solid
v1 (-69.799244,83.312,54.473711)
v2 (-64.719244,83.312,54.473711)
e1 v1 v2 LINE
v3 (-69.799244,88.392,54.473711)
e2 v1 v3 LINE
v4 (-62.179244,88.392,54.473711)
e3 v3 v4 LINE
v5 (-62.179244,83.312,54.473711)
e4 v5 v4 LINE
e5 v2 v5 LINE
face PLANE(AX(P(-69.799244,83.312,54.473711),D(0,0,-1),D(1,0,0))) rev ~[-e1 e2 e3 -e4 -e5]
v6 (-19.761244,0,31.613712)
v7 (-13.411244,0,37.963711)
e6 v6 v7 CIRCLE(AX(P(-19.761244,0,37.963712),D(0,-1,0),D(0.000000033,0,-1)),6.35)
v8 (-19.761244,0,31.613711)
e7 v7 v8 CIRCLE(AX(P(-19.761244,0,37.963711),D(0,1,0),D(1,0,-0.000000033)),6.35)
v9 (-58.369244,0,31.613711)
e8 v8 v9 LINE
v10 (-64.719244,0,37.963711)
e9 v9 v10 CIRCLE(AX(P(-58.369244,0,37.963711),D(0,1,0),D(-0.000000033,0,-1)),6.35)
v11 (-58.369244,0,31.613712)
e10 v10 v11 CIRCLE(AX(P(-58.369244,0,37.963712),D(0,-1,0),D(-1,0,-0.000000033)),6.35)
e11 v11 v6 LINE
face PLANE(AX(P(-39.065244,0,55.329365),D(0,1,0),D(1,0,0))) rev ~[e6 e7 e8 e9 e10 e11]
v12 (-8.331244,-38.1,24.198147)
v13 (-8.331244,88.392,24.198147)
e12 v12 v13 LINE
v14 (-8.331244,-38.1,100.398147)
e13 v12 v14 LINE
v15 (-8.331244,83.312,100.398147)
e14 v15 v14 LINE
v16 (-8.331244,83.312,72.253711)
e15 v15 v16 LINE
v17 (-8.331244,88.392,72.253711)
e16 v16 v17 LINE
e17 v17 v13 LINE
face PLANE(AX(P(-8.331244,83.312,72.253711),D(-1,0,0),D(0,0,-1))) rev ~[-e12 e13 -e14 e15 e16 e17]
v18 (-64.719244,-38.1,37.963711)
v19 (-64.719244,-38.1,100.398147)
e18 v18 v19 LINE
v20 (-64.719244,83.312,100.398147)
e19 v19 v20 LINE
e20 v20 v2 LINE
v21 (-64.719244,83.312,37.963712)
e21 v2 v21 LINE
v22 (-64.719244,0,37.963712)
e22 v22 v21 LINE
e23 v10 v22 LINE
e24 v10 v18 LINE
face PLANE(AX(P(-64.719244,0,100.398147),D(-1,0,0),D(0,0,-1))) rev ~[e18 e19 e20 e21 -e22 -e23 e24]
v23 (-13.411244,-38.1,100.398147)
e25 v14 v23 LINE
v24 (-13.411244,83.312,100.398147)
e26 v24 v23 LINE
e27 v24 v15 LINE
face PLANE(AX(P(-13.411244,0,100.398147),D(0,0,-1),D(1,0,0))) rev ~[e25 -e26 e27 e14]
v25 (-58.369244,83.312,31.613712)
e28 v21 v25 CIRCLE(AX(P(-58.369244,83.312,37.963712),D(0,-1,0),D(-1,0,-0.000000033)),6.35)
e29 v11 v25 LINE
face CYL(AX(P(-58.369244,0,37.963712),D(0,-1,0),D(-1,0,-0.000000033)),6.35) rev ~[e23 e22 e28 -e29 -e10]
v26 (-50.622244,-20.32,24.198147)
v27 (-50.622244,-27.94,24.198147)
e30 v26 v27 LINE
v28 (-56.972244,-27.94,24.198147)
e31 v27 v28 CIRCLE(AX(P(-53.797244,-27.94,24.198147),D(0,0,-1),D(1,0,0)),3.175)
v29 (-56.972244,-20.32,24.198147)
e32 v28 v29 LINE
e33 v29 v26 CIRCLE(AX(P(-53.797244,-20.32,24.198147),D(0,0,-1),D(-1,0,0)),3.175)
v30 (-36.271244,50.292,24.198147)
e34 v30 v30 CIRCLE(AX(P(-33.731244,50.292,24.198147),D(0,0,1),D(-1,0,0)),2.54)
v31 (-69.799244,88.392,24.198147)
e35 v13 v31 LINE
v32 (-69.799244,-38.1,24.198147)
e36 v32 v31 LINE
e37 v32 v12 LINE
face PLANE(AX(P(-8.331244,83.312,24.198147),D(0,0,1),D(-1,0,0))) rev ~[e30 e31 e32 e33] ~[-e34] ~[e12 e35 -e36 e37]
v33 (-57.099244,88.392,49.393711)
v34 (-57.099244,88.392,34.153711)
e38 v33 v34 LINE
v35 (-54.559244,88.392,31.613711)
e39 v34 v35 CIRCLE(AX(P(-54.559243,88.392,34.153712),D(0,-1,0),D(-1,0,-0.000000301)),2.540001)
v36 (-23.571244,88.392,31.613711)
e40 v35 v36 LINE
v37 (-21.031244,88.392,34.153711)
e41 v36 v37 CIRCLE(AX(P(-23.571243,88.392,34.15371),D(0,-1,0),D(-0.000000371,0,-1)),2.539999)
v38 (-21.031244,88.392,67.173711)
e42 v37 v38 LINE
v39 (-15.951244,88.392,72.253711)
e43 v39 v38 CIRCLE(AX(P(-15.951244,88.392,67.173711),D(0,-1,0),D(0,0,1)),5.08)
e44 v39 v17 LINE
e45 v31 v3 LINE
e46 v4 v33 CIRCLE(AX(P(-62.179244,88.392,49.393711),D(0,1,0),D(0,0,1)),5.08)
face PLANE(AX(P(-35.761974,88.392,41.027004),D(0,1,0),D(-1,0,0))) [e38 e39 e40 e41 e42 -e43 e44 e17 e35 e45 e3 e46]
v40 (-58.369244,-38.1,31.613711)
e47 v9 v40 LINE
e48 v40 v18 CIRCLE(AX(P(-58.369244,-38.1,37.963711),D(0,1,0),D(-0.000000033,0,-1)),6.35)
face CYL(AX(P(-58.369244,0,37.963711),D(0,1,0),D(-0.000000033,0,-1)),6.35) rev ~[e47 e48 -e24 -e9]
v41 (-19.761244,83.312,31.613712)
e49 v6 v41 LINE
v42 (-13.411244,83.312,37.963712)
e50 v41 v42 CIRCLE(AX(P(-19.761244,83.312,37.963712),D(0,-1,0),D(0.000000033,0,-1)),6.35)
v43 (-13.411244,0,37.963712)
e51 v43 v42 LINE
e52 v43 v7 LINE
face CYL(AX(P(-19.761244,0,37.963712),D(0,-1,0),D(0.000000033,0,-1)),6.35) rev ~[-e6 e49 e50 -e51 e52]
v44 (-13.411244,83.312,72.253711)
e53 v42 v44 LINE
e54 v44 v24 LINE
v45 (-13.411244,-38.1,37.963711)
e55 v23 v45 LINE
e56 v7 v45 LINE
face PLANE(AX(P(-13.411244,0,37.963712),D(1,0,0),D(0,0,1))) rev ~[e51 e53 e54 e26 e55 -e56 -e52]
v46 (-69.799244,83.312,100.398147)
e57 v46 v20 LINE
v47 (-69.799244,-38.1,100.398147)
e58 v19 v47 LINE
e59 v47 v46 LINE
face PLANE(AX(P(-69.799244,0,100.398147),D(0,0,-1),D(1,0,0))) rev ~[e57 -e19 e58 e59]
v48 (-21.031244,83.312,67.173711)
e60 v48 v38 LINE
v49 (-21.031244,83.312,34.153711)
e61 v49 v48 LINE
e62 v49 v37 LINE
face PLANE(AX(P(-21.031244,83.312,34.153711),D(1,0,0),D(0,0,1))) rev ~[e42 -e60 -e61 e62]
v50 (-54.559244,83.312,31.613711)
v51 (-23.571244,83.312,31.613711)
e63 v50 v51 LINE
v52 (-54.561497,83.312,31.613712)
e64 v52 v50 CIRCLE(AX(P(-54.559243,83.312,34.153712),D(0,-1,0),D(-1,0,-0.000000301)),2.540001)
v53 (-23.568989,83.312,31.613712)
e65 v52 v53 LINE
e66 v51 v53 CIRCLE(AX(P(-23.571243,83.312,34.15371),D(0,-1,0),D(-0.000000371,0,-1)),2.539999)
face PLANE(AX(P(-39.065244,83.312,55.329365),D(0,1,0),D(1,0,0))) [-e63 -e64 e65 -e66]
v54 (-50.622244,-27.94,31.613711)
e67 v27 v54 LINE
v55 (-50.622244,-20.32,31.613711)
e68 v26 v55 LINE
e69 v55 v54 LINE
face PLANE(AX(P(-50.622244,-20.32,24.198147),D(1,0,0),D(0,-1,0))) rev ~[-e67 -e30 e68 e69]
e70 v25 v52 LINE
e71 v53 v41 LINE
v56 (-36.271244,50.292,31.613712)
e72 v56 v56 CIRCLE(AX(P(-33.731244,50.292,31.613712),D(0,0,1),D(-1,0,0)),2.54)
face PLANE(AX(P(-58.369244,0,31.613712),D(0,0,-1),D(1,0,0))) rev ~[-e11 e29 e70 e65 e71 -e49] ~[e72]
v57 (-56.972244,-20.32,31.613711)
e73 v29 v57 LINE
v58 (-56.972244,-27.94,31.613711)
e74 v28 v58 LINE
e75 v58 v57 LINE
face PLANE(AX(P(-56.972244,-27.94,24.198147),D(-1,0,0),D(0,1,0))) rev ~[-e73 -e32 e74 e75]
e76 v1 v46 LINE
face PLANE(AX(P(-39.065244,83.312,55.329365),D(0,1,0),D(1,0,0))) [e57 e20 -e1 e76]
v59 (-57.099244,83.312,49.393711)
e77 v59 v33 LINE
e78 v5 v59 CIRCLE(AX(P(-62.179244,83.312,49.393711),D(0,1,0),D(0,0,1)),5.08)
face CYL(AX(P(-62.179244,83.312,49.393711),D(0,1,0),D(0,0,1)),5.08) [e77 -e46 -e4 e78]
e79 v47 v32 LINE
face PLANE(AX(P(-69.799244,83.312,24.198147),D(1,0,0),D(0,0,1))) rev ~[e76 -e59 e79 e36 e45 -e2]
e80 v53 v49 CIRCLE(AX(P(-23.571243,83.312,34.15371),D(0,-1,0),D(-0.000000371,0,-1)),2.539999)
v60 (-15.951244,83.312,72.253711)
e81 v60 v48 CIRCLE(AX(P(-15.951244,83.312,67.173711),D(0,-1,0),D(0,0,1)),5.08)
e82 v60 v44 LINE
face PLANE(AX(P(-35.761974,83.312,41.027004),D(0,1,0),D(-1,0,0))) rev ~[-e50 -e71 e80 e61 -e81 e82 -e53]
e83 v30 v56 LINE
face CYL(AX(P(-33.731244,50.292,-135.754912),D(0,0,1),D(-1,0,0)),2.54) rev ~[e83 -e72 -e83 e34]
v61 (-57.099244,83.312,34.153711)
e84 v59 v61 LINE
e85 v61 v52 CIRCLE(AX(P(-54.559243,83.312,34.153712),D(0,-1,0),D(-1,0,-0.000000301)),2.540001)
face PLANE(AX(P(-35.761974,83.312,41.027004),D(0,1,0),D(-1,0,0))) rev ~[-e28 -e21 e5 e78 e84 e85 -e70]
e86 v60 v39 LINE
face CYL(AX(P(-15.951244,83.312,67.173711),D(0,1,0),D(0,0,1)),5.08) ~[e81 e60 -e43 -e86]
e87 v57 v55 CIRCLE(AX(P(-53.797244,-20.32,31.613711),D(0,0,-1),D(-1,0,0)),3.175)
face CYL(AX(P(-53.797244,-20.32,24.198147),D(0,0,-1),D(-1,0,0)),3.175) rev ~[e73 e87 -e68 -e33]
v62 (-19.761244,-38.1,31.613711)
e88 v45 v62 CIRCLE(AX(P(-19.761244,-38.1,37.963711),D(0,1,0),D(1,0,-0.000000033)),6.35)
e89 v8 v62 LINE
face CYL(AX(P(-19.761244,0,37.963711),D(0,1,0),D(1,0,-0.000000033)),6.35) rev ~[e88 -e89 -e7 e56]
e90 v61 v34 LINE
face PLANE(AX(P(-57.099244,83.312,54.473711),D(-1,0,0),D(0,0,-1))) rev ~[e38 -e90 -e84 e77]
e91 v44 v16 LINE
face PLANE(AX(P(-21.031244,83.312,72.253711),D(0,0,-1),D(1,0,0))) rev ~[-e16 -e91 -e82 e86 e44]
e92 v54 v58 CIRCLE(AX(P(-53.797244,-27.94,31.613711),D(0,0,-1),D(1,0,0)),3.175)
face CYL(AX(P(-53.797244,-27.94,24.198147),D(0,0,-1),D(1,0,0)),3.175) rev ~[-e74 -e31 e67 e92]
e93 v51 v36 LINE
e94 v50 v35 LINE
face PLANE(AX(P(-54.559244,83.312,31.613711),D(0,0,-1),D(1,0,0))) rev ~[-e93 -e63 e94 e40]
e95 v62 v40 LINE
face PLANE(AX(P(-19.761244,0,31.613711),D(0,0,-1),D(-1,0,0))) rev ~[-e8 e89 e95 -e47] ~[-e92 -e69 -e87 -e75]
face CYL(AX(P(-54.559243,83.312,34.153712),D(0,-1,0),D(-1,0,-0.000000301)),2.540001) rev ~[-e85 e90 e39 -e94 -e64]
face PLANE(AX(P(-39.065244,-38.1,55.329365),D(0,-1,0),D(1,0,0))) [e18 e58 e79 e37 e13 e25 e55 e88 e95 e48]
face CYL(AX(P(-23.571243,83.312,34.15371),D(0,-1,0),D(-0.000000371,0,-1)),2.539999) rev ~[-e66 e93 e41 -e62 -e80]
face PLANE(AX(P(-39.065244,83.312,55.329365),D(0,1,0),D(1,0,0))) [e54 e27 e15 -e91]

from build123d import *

# Parameters (mm, degrees)
F2_DEPTH = 38.1
F3_DEPTH = 83.312
F5_DEPTH = 25.4
F7_DEPTH = 5.08
F9_D     = 5.08
F10_R    = 5.08


with BuildPart() as f2:
    # F1 (on Front) → F2 (new body)
    with BuildSketch(Plane.XZ):
        with BuildLine():
            Line((-64.719244, 37.963711), (-64.719244, 100.398147))
            Line((-64.719244, 100.398147), (-69.799244, 100.398147))
            Line((-69.799244, 100.398147), (-69.799244, 24.198147))
            Line((-69.799244, 24.198147), (-8.331244, 24.198147))
            Line((-8.331244, 24.198147), (-8.331244, 100.398147))
            Line((-8.331244, 100.398147), (-13.411244, 100.398147))
            Line((-13.411244, 100.398147), (-13.411244, 37.963711))
            ThreePointArc((-13.411244, 37.963711), (-15.271116, 33.473583), (-19.761244, 31.613711))
            Line((-19.761244, 31.613711), (-58.369244, 31.613711))
            ThreePointArc((-58.369244, 31.613711), (-62.859372, 33.473583), (-64.719244, 37.963711))
        make_face()
    extrude(amount=F2_DEPTH)

    # F2_face (on face) → F3 (join)
    with BuildSketch(Plane(origin=(-39.065244, 0, 50.700669), x_dir=(1, 0, 0), z_dir=(0, 1, 0))):
        with BuildLine():
            Line((30.734, -49.697478), (30.734, 26.502522))
            Line((30.734, 26.502522), (-30.734, 26.502522))
            Line((-30.734, 26.502522), (-30.734, -49.697478))
            Line((-30.734, -49.697478), (-25.654, -49.697478))
            Line((-25.654, -49.697478), (-25.654, 12.736957))
            ThreePointArc((-25.654, 12.736957), (-23.794128, 17.227085), (-19.304, 19.086957))
            Line((-19.304, 19.086957), (19.304, 19.086957))
            ThreePointArc((19.304, 19.086957), (23.794128, 17.227085), (25.654, 12.736957))
            Line((25.654, 12.736957), (25.654, -49.697478))
            Line((25.654, -49.697478), (30.734, -49.697478))
        make_face()
    extrude(amount=F3_DEPTH)

    # F4 (on face) → F5 (cut)
    with BuildSketch(Plane(origin=(0, 0, 24.198147), x_dir=(1, 0, 0), z_dir=(0, 0, -1))):
        with BuildLine():
            Line((-50.622244, 20.32), (-50.622244, 27.94))
            ThreePointArc((-50.622244, 27.94), (-53.797244, 31.115), (-56.972244, 27.94))
            Line((-56.972244, 27.94), (-56.972244, 20.32))
            ThreePointArc((-56.972244, 20.32), (-53.797244, 17.145), (-50.622244, 20.32))
        make_face()
    extrude(amount=-F5_DEPTH, mode=Mode.SUBTRACT)

    # F6 (on face) → F7 (join)
    with BuildSketch(Plane(origin=(0, 83.312, 0), x_dir=(-1, 0, 0), z_dir=(0, 1, 0))):
        with BuildLine():
            Line((21.031244, 72.253711), (8.331244, 72.253711))
            Line((8.331244, 72.253711), (8.331244, 24.198147))
            Line((8.331244, 24.198147), (69.799244, 24.198147))
            Line((69.799244, 24.198147), (69.799244, 54.473711))
            Line((69.799244, 54.473711), (57.099244, 54.473711))
            Line((57.099244, 54.473711), (57.099244, 34.153711))
            ThreePointArc((57.099244, 34.153711), (56.355295, 32.35766), (54.559244, 31.613711))
            Line((54.559244, 31.613711), (23.571244, 31.613711))
            ThreePointArc((23.571244, 31.613711), (21.775192, 32.35766), (21.031244, 34.153711))
            Line((21.031244, 34.153711), (21.031244, 72.253711))
        make_face()
    extrude(amount=F7_DEPTH)

    # F9 (through all)
    with Locations(Plane(origin=(0, 0, 24.198147), x_dir=(1, 0, 0), z_dir=(0, 0, -1))):
        with Locations((-33.731244, -50.292)):
            Hole(F9_D / 2)

    # F10
    f10_edges = [f2.edges().sort_by_distance(p)[0] for p in [
        (-57.099244, 85.852, 54.473711),
        (-21.031244, 85.852, 72.253711),
    ]]
    fillet(f10_edges, radius=F10_R)


solid = f2.part
